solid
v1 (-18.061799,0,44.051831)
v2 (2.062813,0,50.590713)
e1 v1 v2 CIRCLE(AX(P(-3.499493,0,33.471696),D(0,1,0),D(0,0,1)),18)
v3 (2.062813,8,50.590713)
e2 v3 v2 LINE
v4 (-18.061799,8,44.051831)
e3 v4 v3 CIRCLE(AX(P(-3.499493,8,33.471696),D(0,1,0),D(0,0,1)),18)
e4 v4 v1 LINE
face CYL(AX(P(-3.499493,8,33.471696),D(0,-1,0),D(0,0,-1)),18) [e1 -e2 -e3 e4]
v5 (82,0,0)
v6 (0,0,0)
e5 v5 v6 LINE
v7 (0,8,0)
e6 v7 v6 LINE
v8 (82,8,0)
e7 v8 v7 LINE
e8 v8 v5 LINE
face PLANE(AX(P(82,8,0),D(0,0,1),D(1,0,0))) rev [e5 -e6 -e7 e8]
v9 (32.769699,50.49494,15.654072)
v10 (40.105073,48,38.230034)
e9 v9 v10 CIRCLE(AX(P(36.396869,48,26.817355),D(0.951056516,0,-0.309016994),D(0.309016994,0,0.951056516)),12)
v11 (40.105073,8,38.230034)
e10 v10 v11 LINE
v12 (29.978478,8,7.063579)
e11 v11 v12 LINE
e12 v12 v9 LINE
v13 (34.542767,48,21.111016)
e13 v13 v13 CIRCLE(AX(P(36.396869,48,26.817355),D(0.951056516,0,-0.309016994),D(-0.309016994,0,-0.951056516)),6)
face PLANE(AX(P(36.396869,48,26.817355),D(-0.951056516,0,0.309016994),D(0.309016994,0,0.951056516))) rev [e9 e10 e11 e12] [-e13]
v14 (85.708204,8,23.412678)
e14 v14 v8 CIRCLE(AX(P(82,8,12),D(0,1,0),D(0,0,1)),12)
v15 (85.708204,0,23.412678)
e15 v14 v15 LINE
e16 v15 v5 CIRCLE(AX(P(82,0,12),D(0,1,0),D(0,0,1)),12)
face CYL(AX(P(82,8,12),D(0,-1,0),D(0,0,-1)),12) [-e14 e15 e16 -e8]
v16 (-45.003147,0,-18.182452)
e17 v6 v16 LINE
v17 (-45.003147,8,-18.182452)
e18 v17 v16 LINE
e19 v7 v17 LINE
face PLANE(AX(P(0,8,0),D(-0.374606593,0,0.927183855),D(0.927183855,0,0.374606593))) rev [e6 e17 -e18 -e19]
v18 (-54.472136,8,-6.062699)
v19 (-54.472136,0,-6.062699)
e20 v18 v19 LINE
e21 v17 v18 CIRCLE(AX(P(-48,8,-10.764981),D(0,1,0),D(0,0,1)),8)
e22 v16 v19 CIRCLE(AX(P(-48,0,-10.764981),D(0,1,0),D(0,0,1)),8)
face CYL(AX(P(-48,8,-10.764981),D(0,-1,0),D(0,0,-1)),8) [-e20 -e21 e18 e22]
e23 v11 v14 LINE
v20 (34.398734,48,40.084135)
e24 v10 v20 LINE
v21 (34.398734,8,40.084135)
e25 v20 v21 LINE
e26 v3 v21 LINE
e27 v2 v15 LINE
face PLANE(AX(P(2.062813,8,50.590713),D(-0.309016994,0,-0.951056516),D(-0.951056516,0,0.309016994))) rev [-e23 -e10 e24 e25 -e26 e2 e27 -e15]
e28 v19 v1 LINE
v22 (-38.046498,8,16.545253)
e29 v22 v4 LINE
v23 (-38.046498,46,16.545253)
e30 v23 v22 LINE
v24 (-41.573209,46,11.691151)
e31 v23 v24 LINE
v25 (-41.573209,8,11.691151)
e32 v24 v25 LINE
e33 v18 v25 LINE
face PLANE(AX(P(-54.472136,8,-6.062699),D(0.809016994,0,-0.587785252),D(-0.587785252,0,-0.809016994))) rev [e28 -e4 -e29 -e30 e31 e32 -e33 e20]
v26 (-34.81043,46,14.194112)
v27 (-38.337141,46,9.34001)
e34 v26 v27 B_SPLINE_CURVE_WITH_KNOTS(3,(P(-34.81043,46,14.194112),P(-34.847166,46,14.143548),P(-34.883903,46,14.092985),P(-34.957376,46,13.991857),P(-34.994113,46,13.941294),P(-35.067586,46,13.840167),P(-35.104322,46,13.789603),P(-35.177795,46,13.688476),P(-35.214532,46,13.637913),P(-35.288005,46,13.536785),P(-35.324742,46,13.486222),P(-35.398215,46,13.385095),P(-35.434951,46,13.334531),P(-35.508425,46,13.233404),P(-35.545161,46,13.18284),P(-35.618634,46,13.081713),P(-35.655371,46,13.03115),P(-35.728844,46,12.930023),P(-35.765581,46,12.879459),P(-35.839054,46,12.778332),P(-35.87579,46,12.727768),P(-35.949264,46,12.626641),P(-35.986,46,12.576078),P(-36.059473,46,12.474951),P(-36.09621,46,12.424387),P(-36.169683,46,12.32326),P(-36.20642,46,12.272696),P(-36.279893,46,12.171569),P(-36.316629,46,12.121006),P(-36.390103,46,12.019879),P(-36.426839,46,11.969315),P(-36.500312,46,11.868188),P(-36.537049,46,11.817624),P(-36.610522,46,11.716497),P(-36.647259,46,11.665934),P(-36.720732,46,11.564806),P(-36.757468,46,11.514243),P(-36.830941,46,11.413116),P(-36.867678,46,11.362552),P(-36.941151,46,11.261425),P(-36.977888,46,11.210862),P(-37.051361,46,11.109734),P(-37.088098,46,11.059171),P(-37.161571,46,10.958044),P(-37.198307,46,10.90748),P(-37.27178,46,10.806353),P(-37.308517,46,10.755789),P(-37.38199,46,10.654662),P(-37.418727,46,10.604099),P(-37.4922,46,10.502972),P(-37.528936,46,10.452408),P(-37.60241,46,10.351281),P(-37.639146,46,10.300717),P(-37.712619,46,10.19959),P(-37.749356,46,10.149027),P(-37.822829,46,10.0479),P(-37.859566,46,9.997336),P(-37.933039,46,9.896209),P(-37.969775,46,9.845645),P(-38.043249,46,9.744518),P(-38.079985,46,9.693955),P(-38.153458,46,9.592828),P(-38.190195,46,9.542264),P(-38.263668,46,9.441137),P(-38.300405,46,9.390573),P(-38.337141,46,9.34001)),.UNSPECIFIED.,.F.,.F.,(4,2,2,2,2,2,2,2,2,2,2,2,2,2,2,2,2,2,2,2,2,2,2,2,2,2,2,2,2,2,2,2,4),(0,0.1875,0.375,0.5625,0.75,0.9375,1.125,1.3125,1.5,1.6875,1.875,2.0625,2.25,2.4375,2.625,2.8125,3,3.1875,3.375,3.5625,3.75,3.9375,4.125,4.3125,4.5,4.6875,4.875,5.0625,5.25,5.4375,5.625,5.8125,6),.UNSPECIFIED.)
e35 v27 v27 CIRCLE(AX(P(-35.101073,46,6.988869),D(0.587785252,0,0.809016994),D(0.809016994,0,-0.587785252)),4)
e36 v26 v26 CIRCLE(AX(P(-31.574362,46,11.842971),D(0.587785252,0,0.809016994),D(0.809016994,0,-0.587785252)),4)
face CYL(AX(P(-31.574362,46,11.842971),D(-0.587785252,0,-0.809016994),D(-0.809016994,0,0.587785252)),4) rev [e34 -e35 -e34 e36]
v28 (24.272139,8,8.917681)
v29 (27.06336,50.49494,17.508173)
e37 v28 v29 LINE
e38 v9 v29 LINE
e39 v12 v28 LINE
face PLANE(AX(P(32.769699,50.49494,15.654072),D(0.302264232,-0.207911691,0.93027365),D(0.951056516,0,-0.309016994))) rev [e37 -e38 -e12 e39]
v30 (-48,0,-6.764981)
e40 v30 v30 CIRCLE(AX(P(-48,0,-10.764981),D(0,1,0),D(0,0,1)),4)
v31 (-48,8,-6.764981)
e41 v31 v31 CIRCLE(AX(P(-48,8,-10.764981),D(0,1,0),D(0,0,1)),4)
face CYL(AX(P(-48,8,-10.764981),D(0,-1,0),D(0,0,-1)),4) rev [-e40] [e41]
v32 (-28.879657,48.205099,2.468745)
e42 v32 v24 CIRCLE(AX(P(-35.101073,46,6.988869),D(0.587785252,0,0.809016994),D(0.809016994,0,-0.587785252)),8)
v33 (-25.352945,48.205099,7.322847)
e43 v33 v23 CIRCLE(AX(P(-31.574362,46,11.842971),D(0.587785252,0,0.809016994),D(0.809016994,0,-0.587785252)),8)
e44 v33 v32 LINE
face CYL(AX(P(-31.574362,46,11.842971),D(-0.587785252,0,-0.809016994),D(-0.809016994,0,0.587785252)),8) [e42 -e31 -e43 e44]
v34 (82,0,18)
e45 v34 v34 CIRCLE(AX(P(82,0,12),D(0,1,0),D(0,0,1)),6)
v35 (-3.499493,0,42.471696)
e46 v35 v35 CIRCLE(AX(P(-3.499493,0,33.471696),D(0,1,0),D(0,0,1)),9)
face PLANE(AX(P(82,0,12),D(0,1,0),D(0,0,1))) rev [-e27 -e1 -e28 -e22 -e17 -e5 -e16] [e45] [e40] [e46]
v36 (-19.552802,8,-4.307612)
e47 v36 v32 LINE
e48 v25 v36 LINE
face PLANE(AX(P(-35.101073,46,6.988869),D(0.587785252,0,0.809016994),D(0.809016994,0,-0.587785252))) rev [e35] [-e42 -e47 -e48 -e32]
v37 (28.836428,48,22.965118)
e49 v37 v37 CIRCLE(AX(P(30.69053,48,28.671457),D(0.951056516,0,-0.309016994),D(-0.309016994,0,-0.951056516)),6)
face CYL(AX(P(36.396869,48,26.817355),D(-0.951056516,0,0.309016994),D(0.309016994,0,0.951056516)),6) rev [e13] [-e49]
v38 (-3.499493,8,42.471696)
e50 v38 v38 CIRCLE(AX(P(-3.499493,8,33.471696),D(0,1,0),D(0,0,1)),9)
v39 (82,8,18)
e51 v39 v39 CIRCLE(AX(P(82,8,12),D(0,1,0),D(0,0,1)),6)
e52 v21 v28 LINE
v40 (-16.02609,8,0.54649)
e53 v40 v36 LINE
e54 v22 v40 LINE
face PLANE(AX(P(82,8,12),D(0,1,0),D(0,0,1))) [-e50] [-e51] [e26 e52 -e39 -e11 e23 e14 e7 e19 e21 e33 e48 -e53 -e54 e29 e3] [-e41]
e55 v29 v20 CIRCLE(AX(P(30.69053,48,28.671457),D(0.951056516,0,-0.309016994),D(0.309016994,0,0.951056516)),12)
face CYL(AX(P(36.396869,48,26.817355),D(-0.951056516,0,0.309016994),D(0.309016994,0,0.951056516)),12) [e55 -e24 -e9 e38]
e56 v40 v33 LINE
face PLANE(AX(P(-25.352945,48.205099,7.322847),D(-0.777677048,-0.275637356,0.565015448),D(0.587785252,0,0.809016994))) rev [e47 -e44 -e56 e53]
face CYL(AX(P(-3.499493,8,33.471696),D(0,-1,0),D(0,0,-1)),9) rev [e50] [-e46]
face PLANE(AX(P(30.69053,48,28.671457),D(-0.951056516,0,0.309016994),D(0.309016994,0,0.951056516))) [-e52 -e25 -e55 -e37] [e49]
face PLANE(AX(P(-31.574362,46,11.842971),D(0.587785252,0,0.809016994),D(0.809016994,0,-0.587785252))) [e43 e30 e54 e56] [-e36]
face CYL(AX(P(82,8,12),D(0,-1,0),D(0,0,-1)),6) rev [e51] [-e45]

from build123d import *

# Parameters (mm, degrees)
SKETCH1_R           = 4
SKETCH1_R_2         = 6
SKETCH1_R_3         = 9
BOSS_EXTRUDE1_DEPTH = 8
SKETCH2_R           = 4
BOSS_EXTRUDE2_DEPTH = 3
SKETCH3_R           = 6
BOSS_EXTRUDE3_DEPTH = 3


with BuildPart() as part:
    # Sketch1 → Boss-Extrude1 (new body)
    with BuildSketch(Plane(origin=(0, 0, 0), x_dir=(1, 0, 0), z_dir=(0, 1, 0))):
        with BuildLine():
            Line((82, 0), (0, 0))
            Line((0, 0), (-45.003147253, 18.182451735))
            ThreePointArc((-45.003147253, 18.182451735), (-54.304086029, 15.690272701), (-54.472135955, 6.06269888))
            Line((-54.472135955, 6.06269888), (-18.061799059, -44.051830542))
            ThreePointArc((-18.061799059, -44.051830542), (-9.061799059, -50.590713294), (2.062812738, -50.590713294))
            Line((2.062812738, -50.590713294), (85.708203932, -23.412678196))
            ThreePointArc((85.708203932, -23.412678196), (93.852260087, -10.12278642), (82, 0))
        make_face()
        with Locations(Location((-48, 10.764980899, 0), (0, 0, 270))):
            Circle(SKETCH1_R, mode=Mode.SUBTRACT)
        with Locations(Location((82, -12, 0), (0, 0, 270))):
            Circle(SKETCH1_R_2, mode=Mode.SUBTRACT)
        with Locations(Location((-3.49949316, -33.471696, 0), (0, 0, 270))):
            Circle(SKETCH1_R_3, mode=Mode.SUBTRACT)
    extrude(amount=BOSS_EXTRUDE1_DEPTH)

    # Sketch2 → Boss-Extrude2 (add, symmetric)
    with BuildSketch(Plane(origin=(-7.04036219, 0, -9.690227231), x_dir=(0.809016994374944, 0, -0.5877852522924779), z_dir=(0.5877852522924779, 0, 0.809016994374944))):
        with BuildLine():
            Line((-40.505318717, 8), (-40.505318717, 46))
            ThreePointArc((-40.505318717, 46), (-33.618703524, 53.92214455), (-24.815225149, 48.205098847))
            Line((-24.815225149, 48.205098847), (-13.286598571, 8))
            Line((-13.286598571, 8), (-40.505318717, 8))
        make_face()
        with Locations(Location((-32.505318717, 46, 0), (0, 0, 180))):
            Circle(SKETCH2_R, mode=Mode.SUBTRACT)
    extrude(amount=BOSS_EXTRUDE2_DEPTH, both=True)

    # Sketch3 → Boss-Extrude3 (add, symmetric)
    with BuildSketch(Plane(origin=(22.186685165, 0, -7.208891004), x_dir=(-0.30901699437494223, 0, -0.9510565162951553), z_dir=(0.9510565162951552, 0, -0.3090169943749422))):
        with BuildLine():
            Line((-48.752071734, 8), (-48.752071734, 48))
            ThreePointArc((-48.752071734, 48), (-38.006413293, 59.934262744), (-25.014300525, 50.49494029))
            Line((-25.014300525, 50.49494029), (-15.981722129, 8))
            Line((-15.981722129, 8), (-48.752071734, 8))
        make_face()
        with Locations((-36.752071734, 48)):
            Circle(SKETCH3_R, mode=Mode.SUBTRACT)
    extrude(amount=BOSS_EXTRUDE3_DEPTH, both=True)


solid = part.part
